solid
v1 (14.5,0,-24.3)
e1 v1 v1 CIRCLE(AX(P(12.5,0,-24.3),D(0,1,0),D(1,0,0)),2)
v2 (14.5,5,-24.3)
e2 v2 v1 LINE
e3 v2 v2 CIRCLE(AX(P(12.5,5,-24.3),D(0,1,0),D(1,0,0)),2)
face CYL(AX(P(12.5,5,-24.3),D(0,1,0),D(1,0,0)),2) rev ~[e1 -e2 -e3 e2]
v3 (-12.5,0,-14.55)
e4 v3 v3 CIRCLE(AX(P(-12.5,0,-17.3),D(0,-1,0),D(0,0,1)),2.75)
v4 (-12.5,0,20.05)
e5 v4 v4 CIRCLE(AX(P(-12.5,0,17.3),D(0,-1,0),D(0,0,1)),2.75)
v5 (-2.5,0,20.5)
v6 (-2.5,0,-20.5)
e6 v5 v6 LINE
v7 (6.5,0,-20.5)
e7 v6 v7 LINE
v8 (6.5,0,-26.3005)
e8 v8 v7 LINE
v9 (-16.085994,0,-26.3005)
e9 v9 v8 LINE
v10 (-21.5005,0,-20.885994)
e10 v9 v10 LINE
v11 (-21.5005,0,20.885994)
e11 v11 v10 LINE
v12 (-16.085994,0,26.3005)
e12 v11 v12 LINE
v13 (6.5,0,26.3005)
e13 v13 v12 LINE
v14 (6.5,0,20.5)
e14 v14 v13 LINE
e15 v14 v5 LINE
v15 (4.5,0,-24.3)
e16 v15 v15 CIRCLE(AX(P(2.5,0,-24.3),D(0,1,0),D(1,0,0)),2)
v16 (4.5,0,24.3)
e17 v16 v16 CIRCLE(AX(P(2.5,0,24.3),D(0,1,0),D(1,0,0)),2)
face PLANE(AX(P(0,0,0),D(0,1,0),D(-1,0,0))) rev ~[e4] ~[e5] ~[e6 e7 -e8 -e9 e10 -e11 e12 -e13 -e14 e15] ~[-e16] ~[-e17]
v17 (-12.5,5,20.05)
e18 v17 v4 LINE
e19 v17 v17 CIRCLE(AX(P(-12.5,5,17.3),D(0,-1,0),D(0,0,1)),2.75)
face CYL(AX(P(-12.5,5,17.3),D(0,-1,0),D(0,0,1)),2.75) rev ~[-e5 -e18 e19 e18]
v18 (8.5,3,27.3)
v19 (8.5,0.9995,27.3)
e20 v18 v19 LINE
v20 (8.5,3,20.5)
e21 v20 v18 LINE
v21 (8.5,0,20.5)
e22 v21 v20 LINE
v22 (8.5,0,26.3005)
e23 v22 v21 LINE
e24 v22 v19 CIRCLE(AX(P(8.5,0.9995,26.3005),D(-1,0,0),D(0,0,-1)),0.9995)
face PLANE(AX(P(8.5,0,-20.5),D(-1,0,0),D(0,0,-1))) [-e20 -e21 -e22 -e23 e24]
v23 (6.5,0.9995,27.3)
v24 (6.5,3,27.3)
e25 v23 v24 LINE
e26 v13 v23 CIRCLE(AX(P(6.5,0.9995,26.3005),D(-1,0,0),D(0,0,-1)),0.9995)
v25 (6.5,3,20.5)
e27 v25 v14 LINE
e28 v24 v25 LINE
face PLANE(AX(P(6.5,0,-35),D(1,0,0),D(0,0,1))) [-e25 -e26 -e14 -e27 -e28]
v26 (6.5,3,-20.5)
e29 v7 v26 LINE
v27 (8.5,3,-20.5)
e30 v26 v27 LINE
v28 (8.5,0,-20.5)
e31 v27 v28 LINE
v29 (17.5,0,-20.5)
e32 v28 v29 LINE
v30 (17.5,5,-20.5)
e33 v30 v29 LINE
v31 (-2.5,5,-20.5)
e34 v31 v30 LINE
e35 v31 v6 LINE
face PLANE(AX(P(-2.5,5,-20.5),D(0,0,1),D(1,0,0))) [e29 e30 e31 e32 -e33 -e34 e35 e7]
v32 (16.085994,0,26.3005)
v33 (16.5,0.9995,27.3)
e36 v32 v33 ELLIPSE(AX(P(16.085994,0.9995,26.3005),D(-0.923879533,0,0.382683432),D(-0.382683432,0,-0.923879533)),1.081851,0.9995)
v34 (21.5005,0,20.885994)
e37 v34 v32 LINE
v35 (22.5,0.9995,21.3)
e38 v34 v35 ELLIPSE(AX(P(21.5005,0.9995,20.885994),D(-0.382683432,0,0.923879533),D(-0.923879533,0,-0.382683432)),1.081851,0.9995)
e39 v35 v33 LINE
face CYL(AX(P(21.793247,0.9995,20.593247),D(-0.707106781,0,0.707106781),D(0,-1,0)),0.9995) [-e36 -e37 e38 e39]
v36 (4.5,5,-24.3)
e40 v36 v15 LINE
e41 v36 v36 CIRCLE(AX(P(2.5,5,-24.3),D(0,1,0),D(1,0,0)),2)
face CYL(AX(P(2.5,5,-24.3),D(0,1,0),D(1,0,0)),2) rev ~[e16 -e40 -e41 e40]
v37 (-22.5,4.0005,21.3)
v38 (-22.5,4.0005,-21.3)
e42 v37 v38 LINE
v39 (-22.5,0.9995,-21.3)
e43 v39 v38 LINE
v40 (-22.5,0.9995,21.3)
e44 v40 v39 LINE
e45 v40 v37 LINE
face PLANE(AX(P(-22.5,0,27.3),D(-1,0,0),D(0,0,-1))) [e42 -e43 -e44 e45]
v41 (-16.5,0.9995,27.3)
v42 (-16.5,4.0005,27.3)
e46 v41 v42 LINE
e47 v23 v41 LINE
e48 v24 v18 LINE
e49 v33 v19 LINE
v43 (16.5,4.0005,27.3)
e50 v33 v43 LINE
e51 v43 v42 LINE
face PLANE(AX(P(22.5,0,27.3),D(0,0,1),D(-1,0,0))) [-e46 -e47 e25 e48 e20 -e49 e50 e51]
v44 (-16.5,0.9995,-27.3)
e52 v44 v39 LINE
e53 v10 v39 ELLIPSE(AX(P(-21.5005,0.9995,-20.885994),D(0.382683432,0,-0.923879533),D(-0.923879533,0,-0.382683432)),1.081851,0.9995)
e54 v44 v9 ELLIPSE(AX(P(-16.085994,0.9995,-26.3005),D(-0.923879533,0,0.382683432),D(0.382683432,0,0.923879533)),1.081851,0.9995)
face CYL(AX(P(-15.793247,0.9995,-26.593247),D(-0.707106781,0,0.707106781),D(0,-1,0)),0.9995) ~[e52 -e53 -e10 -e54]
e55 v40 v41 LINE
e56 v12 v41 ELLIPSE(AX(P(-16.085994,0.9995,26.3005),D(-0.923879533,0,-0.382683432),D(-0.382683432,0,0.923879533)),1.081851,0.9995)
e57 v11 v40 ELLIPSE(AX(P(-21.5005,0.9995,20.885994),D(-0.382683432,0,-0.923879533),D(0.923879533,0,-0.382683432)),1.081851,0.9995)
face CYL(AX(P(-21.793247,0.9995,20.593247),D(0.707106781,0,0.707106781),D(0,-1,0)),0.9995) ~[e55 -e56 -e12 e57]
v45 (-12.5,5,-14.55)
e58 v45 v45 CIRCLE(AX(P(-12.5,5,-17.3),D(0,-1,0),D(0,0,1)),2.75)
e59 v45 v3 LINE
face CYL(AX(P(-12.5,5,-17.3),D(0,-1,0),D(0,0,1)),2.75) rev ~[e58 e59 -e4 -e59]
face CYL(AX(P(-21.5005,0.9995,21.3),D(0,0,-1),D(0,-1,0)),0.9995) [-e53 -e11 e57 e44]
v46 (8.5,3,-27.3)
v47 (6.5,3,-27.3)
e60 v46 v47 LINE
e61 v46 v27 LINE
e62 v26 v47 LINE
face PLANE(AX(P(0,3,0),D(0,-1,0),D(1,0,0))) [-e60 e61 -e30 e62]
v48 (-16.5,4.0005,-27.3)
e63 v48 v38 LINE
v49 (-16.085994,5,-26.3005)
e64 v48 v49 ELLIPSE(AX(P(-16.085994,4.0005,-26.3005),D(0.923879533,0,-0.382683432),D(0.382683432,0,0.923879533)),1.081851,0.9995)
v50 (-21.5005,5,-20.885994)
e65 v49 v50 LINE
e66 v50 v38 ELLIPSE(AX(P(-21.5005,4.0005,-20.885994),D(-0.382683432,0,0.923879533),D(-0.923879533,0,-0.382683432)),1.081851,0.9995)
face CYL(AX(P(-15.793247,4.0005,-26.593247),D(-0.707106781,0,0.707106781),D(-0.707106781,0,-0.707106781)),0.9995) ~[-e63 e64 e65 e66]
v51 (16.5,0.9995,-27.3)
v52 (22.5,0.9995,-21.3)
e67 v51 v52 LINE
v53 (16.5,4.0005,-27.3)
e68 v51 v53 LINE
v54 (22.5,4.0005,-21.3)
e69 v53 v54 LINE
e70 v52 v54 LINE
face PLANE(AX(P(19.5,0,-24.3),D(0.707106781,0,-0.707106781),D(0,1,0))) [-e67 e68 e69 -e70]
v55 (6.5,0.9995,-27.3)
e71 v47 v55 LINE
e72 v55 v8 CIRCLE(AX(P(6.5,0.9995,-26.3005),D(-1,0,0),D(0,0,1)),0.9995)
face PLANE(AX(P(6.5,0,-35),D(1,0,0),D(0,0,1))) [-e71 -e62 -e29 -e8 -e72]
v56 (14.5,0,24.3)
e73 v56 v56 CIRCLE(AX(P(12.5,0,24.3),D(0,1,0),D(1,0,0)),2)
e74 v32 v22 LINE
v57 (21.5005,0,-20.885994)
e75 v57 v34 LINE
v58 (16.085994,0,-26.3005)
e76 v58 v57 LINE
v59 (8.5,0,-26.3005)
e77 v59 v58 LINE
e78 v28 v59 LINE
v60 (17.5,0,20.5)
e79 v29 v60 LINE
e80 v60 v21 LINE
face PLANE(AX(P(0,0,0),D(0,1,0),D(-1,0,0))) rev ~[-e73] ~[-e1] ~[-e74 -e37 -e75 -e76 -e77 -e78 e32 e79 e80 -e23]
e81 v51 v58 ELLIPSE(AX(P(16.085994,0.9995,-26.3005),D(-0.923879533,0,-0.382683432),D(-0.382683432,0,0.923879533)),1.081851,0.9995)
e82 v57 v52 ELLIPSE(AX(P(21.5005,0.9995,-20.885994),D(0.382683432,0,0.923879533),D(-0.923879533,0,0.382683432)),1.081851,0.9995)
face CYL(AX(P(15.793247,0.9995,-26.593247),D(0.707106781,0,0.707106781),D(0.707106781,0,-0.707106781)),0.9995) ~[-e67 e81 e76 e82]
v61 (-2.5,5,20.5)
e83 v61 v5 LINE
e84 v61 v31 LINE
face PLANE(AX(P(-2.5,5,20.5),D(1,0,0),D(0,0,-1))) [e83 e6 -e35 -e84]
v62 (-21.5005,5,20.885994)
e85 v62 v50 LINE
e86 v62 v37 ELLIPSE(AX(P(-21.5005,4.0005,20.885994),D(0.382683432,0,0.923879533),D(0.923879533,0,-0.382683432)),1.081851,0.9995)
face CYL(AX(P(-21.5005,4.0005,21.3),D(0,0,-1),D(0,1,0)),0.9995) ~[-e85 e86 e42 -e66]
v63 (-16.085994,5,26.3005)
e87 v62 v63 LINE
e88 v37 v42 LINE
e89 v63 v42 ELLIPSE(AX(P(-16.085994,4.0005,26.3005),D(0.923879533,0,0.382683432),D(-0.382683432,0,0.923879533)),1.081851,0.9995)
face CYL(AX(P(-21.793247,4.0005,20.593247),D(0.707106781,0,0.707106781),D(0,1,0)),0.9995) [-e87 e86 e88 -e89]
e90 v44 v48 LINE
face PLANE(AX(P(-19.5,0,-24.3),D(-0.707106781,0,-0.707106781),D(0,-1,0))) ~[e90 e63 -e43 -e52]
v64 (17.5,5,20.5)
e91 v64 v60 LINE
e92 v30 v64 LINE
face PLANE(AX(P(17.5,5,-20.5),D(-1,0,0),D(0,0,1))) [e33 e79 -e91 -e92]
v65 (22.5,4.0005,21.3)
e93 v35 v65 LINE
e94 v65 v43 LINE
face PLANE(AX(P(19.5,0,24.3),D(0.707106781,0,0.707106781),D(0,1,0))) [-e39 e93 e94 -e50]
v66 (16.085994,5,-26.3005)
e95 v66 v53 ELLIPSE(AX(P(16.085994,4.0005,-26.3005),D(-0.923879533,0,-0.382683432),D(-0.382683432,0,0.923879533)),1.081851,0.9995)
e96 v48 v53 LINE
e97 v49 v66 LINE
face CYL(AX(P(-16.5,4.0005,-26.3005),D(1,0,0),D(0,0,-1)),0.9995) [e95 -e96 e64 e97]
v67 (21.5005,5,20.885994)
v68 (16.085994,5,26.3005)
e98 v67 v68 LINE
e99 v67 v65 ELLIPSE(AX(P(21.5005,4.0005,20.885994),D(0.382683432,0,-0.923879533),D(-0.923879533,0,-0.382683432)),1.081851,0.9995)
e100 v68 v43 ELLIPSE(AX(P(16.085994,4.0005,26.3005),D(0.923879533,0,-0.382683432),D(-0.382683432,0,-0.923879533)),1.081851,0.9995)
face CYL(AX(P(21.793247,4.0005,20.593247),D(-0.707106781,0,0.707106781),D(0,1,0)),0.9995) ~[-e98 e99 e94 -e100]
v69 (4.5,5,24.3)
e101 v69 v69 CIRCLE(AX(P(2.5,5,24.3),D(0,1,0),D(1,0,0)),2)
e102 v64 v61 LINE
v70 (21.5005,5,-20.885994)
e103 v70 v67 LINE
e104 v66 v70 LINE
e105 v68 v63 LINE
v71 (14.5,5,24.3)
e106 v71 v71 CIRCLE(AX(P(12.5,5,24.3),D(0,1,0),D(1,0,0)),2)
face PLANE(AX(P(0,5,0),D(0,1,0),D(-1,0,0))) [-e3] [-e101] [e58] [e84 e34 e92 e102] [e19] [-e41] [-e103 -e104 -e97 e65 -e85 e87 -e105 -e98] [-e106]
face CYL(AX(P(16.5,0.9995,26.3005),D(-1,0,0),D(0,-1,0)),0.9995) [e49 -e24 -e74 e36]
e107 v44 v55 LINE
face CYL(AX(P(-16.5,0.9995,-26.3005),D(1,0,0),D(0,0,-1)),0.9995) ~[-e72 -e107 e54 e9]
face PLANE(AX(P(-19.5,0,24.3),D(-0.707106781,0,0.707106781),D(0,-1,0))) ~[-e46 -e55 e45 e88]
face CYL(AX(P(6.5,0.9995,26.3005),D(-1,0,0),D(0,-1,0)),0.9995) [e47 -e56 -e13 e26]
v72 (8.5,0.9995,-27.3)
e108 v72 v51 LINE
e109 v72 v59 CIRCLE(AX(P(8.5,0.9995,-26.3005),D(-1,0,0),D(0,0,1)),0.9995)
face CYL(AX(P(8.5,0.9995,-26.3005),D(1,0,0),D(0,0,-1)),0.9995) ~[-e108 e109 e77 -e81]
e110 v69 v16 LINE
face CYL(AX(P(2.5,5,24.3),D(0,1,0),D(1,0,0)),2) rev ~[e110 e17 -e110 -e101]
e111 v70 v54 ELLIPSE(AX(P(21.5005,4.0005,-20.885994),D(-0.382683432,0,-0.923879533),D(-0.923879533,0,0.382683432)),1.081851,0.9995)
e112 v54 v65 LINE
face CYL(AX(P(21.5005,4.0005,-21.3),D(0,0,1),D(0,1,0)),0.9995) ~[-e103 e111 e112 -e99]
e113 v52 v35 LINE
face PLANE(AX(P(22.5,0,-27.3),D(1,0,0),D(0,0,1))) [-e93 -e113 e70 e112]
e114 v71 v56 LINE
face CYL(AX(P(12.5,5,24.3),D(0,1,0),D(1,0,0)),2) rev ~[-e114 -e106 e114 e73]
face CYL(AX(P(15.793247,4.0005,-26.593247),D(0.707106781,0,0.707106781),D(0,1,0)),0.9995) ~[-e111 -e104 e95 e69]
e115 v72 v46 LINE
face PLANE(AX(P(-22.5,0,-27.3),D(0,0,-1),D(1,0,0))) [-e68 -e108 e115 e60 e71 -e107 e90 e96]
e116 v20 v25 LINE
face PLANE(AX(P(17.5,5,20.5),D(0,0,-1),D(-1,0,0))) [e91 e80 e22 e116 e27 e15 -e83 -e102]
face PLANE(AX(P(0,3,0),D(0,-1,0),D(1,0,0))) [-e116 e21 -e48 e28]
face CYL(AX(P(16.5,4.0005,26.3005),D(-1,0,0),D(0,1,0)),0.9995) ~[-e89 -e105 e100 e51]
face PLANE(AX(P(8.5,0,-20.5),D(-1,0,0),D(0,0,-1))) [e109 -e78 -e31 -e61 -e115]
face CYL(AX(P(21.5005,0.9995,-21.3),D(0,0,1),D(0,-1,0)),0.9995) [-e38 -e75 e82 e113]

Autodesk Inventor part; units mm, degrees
ref_plane "YZ Plane" through (0, 0, 0) normal (1, 0, 0) x (0, 1, 0)
ref_plane "XZ Plane" through (0, 0, 0) normal (0, 1, 0) x (-1, 0, 0)
ref_plane "XY Plane" through (0, 0, 0) normal (0, 0, 1) x (1, 0, 0)
sketch "スケッチ1" plane through (0, 0, 0) normal (0, 1, 0) x (-1, 0, 0)
  line L0 (22.5, -27.3) -> (-22.5, -27.3)
  line L1 (-22.5, -27.3) -> (-22.5, 27.3)
  line L2 (-22.5, 27.3) -> (22.5, 27.3)
  line L3 (22.5, 27.3) -> (22.5, -27.3)
  line L4 (22.5, -27.3) -> (-22.5, 27.3) construction
  line L5 (-22.5, -27.3) -> (22.5, 27.3) construction
  point P0 (0, 0)
  dimension "d0" = 45
  dimension "d1" = 54.6
extrude "押し出し1" add sketch "スケッチ1" along normal blind 5
sketch "スケッチ2" plane through (0, 5, 0) normal (0, 1, 0) x (1, 0, 0)
  line L0 (-22.5, 27.3) -> (-22.5, -27.3) projected
  line L1 (-22.5, -27.3) -> (22.5, -27.3) projected
  line L2 (22.5, 27.3) -> (-22.5, 27.3) projected
  point P0 (0, 0)
  point P1 (-12.5, -17.3)
  point P2 (-12.5, 17.3)
  dimension "d4" = 10
  dimension "d5" = 10
  dimension "d6" = 10
hole "穴1" at (-12.5, 5, 17.3) at (-12.5, 5, -17.3) direction (0, -1, 0) diameter 5.5 end through all clearance for "Flat Head Machine Screw" size "M5" standard "Ansi Metric M Profile"
sketch "スケッチ3" plane through (0, 5, 0) normal (0, 1, 0) x (1, 0, 0)
  line L0 (-2.5, 20.5) -> (17.5, 20.5)
  line L1 (17.5, 20.5) -> (17.5, -20.5)
  line L2 (17.5, -20.5) -> (-2.5, -20.5)
  line L3 (-2.5, -20.5) -> (-2.5, 20.5)
  line L4 (-2.5, 20.5) -> (17.5, -20.5) construction
  line L5 (17.5, 20.5) -> (-2.5, -20.5) construction
  line L6 (22.5, -27.3) -> (22.5, 27.3) projected
  circle A0 centre (2.5, -24.3) radius 2
  circle A1 centre (2.5, 24.3) radius 2
  circle A2 centre (12.5, 24.3) radius 2
  circle A3 centre (12.5, -24.3) radius 2
  point P0 (0, 0)
  point P1 (7.5, 0)
  point P2 (7.5, 0)
  dimension "d14" = 5
  dimension "d15" = 41
  dimension "d16" = 20
  dimension "d17" = 24.3
  dimension "d18" = 5
  dimension "d19" = 4
  dimension "d22" = 48.6
  dimension "d29" = 10
extrude "押し出し2" cut sketch "スケッチ3" against normal through all
sketch "スケッチ4" plane through (0, 0, 0) normal (0, -1, 0) x (1, 0, 0)
  line L0 (8.5, -35) -> (6.5, -35)
  line L1 (6.5, -35) -> (6.5, 35)
  line L2 (6.5, 35) -> (8.5, 35)
  line L3 (8.5, 35) -> (8.5, -35)
  line L4 (8.5, -35) -> (6.5, 35) construction
  line L5 (6.5, -35) -> (8.5, 35) construction
  line L6 (17.5, -20.5) -> (-2.5, -20.5) projected
  point P0 (0, 0)
  point P1 (7.5, 0)
  point P2 (7.5, -20.5)
  point P3 (7.5, 0)
  point P4 (6.5, -20.5)
  point P5 (8.5, -20.5)
  dimension "d36" = 2
  dimension "d37" = 70
extrude "押し出し3" cut sketch "スケッチ4" against normal blind 3
chamfer "面取り1" distance 6 angle 45 4 edges at (22.5, 2.5, -27.3) (22.5, 2.5, 27.3) (-22.5, 2.5, -27.3) (-22.5, 2.5, 27.3)
fillet "フィレット1" radius 1 18 edges at (-22.5, 5, 0) (0, 5, 27.3) (-19.5, 5, 24.3) (19.5, 5, 24.3) (22.5, 5, 0) (19.5, 5, -24.3) (0, 5, -27.3) (-19.5, 5, -24.3) (-22.5, 0, 0) (-19.5, 0, 24.3) (-5, 0, 27.3) (12.5, 0, 27.3) (19.5, 0, 24.3) (22.5, 0, 0) (19.5, 0, -24.3) (12.5, 0, -27.3) (-5, 0, -27.3) (-19.5, 0, -24.3)
equation "\"d6\" = d5"
equation "\"d22\" = 2 * d17"
equation "\"d29\" = 2 * d18"
properties part number "base1" material "ABS プラスチック"
